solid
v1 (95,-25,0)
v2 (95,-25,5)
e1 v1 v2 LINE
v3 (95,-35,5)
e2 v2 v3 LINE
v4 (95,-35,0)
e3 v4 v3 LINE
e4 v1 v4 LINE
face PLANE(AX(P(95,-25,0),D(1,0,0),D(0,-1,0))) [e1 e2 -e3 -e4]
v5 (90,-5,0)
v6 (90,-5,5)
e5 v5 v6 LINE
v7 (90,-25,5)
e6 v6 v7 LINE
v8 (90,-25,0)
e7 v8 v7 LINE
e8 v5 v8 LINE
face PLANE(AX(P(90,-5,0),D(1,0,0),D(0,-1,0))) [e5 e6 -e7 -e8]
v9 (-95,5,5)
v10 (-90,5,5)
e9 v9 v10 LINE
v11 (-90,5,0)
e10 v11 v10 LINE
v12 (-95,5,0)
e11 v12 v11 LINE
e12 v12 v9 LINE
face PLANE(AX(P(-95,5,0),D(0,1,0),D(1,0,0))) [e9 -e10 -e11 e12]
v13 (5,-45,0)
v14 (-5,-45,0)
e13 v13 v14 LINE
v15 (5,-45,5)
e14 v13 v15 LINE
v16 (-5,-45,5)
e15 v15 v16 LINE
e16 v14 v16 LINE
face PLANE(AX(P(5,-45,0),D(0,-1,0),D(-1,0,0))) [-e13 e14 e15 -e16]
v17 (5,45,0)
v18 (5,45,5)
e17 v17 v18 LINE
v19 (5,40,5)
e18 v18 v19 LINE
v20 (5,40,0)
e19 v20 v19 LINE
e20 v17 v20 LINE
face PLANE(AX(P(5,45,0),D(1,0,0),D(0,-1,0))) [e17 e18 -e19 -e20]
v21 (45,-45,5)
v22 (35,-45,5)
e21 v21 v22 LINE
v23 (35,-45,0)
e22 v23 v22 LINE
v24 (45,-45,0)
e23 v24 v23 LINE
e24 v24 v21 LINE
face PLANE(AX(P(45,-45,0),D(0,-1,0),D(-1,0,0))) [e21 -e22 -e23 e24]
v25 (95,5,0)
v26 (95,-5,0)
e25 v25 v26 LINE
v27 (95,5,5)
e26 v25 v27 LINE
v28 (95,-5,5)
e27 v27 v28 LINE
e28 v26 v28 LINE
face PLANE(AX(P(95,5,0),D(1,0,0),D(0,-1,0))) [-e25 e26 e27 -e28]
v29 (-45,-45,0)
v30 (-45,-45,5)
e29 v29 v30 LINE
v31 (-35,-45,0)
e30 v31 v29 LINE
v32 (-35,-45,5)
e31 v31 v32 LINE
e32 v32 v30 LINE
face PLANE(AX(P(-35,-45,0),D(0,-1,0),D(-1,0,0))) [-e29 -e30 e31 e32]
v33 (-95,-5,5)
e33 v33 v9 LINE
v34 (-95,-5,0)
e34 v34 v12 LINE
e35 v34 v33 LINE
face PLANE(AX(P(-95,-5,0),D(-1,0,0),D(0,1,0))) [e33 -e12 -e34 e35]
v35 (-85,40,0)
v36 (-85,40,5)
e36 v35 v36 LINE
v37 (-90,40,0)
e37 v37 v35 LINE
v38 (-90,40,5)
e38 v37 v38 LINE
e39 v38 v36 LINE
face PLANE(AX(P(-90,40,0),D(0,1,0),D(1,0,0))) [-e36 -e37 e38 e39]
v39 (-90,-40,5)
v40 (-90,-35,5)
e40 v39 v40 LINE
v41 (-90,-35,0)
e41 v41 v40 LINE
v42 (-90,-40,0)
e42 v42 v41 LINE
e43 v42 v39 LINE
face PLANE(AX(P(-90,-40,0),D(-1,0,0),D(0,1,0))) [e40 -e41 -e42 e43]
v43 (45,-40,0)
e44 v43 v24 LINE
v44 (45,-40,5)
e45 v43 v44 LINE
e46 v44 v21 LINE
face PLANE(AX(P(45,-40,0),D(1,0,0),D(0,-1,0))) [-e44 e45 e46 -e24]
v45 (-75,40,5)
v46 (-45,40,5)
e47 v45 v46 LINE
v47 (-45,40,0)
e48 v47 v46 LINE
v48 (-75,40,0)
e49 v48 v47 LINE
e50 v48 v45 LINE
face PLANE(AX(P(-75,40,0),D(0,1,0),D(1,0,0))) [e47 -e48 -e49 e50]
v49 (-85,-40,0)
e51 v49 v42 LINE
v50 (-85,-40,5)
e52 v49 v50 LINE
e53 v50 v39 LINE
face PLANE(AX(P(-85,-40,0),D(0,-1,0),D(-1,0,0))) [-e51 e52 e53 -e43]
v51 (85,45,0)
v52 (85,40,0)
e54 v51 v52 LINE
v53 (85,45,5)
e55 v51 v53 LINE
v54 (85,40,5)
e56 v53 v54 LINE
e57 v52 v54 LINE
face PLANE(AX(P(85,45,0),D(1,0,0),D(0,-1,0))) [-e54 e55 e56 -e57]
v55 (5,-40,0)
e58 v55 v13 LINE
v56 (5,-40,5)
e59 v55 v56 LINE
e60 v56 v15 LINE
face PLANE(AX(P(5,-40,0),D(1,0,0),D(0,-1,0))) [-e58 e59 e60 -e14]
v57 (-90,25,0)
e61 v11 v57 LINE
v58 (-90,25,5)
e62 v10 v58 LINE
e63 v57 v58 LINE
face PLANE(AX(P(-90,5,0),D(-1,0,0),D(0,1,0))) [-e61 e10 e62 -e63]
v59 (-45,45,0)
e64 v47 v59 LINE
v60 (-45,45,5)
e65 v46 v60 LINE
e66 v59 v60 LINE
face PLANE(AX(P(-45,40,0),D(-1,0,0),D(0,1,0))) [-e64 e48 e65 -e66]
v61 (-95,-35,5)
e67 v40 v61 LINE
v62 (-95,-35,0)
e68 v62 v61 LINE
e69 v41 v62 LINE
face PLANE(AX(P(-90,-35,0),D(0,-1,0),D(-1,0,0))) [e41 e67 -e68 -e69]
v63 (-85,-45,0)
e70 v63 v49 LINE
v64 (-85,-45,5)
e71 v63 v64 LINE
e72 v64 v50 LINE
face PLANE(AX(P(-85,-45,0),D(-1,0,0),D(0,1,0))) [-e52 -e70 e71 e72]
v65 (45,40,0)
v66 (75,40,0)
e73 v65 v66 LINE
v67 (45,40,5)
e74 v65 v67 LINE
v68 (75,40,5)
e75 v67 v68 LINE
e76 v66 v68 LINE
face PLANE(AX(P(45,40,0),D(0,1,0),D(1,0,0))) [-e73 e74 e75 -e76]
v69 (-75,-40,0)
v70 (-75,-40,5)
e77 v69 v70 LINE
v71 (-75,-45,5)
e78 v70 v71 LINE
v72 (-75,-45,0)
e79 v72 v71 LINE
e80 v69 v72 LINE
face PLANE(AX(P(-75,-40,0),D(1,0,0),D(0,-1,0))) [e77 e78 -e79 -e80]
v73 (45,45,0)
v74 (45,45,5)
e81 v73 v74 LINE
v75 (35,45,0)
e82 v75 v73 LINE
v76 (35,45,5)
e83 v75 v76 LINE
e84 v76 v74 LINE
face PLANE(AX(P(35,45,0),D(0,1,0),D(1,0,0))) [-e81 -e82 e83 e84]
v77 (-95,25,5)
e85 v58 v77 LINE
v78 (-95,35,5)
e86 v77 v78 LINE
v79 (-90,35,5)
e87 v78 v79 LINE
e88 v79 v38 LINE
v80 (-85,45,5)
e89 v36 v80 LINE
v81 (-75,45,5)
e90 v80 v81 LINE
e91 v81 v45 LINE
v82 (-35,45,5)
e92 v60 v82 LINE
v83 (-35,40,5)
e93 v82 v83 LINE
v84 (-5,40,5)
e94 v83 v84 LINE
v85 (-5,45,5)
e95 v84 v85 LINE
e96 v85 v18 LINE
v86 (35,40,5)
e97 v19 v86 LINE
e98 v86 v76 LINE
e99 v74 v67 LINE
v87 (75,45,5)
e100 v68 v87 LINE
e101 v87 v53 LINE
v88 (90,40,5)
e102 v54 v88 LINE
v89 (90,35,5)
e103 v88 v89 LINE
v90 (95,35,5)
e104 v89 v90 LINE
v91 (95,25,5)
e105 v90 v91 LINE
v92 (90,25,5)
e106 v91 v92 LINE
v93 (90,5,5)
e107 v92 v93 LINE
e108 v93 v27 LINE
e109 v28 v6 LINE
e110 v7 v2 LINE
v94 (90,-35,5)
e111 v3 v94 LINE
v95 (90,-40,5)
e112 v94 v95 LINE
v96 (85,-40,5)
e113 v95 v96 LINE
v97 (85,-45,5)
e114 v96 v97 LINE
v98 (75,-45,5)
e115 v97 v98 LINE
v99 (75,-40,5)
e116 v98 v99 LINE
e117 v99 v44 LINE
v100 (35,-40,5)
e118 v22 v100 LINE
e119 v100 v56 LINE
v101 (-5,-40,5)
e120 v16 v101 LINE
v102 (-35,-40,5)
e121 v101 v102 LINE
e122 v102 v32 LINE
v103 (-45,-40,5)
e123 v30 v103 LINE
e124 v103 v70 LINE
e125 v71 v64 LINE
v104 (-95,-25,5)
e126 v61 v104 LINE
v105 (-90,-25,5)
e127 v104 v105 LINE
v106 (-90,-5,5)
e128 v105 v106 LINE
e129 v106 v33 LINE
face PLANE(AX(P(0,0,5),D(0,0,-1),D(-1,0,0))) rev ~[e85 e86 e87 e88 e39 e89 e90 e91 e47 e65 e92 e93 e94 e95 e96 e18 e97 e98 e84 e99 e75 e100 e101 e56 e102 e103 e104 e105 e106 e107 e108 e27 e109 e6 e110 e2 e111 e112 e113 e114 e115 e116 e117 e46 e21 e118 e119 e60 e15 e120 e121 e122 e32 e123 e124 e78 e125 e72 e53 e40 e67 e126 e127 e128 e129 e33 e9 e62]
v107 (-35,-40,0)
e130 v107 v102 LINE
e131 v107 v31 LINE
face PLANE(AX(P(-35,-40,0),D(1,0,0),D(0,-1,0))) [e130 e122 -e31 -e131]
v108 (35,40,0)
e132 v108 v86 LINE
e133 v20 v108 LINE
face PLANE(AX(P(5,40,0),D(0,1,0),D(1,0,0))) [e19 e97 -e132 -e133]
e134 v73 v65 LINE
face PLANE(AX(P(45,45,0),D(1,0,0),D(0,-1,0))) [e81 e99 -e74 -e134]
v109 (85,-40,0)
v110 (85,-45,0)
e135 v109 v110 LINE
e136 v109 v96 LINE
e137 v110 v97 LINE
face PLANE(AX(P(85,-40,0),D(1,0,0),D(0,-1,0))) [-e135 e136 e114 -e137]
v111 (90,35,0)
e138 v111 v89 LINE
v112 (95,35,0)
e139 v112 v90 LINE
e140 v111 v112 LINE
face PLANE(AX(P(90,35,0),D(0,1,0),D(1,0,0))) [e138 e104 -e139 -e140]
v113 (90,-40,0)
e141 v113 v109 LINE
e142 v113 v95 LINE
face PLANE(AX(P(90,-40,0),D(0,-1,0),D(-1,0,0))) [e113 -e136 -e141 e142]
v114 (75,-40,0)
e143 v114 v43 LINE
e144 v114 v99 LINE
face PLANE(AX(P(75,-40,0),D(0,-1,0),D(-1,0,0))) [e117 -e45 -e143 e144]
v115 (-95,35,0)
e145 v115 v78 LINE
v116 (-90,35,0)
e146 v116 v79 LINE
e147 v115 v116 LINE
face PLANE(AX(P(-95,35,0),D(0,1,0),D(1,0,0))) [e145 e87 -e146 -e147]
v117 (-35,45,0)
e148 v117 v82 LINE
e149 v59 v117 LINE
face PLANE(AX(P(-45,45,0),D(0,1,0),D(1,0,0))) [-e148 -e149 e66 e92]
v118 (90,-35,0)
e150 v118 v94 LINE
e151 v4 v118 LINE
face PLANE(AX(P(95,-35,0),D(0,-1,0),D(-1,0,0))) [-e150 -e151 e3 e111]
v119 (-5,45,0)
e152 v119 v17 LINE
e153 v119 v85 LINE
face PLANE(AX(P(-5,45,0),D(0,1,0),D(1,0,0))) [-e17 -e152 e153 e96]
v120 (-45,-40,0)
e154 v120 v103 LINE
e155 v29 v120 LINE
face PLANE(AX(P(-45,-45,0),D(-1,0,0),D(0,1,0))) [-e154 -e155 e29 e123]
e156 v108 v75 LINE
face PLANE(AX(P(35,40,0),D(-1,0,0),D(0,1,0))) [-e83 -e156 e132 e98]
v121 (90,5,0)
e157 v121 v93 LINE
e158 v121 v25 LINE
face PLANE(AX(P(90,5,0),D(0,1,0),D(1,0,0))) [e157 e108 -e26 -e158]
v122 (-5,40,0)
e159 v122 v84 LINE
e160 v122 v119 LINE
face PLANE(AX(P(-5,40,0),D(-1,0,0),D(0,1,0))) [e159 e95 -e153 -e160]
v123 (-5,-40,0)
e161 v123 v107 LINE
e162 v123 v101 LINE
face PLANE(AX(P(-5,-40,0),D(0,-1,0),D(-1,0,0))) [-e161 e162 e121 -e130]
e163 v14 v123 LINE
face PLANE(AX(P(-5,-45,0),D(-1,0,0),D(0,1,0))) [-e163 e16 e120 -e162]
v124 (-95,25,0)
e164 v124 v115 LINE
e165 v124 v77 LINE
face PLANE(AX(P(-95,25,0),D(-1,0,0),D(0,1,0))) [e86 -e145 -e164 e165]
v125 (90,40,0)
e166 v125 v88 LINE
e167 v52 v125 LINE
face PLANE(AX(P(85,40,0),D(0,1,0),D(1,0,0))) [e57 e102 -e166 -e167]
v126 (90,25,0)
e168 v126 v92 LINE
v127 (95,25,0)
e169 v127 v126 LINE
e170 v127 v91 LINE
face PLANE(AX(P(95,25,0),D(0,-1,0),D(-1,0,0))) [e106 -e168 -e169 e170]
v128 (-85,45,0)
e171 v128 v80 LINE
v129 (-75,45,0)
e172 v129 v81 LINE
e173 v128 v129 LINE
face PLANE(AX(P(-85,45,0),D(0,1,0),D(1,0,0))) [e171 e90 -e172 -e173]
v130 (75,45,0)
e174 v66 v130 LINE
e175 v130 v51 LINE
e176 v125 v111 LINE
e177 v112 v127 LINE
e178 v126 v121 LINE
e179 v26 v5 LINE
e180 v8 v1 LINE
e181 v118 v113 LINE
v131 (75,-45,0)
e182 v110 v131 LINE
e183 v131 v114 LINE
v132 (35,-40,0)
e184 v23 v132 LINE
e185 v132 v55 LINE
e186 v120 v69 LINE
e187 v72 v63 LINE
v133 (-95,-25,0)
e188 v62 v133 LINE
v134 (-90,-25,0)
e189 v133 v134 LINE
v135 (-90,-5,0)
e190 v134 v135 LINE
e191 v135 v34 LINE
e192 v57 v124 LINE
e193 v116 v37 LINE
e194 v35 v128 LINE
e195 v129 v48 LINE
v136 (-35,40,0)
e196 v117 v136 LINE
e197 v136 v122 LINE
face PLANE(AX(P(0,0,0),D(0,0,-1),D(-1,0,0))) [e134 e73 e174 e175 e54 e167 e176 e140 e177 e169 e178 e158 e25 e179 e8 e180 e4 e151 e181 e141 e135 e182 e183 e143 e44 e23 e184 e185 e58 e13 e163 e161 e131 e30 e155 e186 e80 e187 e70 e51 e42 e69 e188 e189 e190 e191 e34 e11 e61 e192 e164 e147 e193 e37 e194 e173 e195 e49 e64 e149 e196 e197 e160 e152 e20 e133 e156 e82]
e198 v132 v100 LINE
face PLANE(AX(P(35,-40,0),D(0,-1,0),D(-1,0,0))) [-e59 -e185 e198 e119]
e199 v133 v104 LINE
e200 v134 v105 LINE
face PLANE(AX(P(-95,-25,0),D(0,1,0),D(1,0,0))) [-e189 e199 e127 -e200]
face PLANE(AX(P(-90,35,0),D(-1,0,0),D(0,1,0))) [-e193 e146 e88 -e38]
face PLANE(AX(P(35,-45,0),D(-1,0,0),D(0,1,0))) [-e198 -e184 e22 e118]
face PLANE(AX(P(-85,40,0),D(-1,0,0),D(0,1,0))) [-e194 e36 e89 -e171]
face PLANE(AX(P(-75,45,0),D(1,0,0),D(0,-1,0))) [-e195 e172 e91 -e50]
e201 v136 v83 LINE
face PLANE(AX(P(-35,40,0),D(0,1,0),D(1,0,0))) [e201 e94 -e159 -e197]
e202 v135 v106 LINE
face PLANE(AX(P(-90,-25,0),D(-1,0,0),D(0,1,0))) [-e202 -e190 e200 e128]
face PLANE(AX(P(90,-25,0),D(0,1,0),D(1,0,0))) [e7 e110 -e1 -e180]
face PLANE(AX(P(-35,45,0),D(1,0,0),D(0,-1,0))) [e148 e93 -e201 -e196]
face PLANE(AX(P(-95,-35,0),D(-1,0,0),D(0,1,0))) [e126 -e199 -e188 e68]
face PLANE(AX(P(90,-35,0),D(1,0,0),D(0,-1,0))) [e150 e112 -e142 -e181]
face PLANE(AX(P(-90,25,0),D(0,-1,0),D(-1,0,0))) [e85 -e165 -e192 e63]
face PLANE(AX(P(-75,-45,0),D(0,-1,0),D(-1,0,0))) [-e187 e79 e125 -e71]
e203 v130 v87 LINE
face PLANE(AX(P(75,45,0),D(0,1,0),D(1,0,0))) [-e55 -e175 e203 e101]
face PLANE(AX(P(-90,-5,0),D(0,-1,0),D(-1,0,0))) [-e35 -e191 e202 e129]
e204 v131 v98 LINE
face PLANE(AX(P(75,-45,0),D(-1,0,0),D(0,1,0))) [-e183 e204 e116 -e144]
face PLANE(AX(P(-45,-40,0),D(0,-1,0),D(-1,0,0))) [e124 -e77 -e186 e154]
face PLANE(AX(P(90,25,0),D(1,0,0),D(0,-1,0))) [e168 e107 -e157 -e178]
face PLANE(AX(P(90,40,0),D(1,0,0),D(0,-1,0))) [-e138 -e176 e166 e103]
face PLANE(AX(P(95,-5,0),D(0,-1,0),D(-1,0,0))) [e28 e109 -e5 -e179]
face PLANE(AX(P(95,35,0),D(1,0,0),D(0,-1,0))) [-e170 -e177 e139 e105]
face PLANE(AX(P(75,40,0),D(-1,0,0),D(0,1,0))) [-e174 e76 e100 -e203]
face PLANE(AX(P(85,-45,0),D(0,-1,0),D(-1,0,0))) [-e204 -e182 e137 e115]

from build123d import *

# Parameters (mm, degrees)
BOSS_EXTRUDE1_DEPTH = 5


with BuildPart() as part:
    # Sketch1 → Boss-Extrude1 (new body)
    with BuildSketch(Plane.XY):
        Polygon((-85, 40), (-85, 45), (-75, 45), (-75, 40), (-45, 40), (-45, 45), (-35, 45), (-35, 40), (-5, 40), (-5, 45), (5, 45), (5, 40), (35, 40), (35, 45), (45, 45), (45, 40), (75, 40), (75, 45), (85, 45), (85, 40), (90, 40), (90, 35), (95, 35), (95, 25), (90, 25), (90, 5), (95, 5), (95, -5), (90, -5), (90, -25), (95, -25), (95, -35), (90, -35), (90, -40), (85, -40), (85, -45), (75, -45), (75, -40), (45, -40), (45, -45), (35, -45), (35, -40), (5, -40), (5, -45), (-5, -45), (-5, -40), (-35, -40), (-35, -45), (-45, -45), (-45, -40), (-75, -40), (-75, -45), (-85, -45), (-85, -40), (-90, -40), (-90, -35), (-95, -35), (-95, -25), (-90, -25), (-90, -5), (-95, -5), (-95, 5), (-90, 5), (-90, 25), (-95, 25), (-95, 35), (-90, 35), (-90, 40), align=None)
    extrude(amount=BOSS_EXTRUDE1_DEPTH)


solid = part.part
